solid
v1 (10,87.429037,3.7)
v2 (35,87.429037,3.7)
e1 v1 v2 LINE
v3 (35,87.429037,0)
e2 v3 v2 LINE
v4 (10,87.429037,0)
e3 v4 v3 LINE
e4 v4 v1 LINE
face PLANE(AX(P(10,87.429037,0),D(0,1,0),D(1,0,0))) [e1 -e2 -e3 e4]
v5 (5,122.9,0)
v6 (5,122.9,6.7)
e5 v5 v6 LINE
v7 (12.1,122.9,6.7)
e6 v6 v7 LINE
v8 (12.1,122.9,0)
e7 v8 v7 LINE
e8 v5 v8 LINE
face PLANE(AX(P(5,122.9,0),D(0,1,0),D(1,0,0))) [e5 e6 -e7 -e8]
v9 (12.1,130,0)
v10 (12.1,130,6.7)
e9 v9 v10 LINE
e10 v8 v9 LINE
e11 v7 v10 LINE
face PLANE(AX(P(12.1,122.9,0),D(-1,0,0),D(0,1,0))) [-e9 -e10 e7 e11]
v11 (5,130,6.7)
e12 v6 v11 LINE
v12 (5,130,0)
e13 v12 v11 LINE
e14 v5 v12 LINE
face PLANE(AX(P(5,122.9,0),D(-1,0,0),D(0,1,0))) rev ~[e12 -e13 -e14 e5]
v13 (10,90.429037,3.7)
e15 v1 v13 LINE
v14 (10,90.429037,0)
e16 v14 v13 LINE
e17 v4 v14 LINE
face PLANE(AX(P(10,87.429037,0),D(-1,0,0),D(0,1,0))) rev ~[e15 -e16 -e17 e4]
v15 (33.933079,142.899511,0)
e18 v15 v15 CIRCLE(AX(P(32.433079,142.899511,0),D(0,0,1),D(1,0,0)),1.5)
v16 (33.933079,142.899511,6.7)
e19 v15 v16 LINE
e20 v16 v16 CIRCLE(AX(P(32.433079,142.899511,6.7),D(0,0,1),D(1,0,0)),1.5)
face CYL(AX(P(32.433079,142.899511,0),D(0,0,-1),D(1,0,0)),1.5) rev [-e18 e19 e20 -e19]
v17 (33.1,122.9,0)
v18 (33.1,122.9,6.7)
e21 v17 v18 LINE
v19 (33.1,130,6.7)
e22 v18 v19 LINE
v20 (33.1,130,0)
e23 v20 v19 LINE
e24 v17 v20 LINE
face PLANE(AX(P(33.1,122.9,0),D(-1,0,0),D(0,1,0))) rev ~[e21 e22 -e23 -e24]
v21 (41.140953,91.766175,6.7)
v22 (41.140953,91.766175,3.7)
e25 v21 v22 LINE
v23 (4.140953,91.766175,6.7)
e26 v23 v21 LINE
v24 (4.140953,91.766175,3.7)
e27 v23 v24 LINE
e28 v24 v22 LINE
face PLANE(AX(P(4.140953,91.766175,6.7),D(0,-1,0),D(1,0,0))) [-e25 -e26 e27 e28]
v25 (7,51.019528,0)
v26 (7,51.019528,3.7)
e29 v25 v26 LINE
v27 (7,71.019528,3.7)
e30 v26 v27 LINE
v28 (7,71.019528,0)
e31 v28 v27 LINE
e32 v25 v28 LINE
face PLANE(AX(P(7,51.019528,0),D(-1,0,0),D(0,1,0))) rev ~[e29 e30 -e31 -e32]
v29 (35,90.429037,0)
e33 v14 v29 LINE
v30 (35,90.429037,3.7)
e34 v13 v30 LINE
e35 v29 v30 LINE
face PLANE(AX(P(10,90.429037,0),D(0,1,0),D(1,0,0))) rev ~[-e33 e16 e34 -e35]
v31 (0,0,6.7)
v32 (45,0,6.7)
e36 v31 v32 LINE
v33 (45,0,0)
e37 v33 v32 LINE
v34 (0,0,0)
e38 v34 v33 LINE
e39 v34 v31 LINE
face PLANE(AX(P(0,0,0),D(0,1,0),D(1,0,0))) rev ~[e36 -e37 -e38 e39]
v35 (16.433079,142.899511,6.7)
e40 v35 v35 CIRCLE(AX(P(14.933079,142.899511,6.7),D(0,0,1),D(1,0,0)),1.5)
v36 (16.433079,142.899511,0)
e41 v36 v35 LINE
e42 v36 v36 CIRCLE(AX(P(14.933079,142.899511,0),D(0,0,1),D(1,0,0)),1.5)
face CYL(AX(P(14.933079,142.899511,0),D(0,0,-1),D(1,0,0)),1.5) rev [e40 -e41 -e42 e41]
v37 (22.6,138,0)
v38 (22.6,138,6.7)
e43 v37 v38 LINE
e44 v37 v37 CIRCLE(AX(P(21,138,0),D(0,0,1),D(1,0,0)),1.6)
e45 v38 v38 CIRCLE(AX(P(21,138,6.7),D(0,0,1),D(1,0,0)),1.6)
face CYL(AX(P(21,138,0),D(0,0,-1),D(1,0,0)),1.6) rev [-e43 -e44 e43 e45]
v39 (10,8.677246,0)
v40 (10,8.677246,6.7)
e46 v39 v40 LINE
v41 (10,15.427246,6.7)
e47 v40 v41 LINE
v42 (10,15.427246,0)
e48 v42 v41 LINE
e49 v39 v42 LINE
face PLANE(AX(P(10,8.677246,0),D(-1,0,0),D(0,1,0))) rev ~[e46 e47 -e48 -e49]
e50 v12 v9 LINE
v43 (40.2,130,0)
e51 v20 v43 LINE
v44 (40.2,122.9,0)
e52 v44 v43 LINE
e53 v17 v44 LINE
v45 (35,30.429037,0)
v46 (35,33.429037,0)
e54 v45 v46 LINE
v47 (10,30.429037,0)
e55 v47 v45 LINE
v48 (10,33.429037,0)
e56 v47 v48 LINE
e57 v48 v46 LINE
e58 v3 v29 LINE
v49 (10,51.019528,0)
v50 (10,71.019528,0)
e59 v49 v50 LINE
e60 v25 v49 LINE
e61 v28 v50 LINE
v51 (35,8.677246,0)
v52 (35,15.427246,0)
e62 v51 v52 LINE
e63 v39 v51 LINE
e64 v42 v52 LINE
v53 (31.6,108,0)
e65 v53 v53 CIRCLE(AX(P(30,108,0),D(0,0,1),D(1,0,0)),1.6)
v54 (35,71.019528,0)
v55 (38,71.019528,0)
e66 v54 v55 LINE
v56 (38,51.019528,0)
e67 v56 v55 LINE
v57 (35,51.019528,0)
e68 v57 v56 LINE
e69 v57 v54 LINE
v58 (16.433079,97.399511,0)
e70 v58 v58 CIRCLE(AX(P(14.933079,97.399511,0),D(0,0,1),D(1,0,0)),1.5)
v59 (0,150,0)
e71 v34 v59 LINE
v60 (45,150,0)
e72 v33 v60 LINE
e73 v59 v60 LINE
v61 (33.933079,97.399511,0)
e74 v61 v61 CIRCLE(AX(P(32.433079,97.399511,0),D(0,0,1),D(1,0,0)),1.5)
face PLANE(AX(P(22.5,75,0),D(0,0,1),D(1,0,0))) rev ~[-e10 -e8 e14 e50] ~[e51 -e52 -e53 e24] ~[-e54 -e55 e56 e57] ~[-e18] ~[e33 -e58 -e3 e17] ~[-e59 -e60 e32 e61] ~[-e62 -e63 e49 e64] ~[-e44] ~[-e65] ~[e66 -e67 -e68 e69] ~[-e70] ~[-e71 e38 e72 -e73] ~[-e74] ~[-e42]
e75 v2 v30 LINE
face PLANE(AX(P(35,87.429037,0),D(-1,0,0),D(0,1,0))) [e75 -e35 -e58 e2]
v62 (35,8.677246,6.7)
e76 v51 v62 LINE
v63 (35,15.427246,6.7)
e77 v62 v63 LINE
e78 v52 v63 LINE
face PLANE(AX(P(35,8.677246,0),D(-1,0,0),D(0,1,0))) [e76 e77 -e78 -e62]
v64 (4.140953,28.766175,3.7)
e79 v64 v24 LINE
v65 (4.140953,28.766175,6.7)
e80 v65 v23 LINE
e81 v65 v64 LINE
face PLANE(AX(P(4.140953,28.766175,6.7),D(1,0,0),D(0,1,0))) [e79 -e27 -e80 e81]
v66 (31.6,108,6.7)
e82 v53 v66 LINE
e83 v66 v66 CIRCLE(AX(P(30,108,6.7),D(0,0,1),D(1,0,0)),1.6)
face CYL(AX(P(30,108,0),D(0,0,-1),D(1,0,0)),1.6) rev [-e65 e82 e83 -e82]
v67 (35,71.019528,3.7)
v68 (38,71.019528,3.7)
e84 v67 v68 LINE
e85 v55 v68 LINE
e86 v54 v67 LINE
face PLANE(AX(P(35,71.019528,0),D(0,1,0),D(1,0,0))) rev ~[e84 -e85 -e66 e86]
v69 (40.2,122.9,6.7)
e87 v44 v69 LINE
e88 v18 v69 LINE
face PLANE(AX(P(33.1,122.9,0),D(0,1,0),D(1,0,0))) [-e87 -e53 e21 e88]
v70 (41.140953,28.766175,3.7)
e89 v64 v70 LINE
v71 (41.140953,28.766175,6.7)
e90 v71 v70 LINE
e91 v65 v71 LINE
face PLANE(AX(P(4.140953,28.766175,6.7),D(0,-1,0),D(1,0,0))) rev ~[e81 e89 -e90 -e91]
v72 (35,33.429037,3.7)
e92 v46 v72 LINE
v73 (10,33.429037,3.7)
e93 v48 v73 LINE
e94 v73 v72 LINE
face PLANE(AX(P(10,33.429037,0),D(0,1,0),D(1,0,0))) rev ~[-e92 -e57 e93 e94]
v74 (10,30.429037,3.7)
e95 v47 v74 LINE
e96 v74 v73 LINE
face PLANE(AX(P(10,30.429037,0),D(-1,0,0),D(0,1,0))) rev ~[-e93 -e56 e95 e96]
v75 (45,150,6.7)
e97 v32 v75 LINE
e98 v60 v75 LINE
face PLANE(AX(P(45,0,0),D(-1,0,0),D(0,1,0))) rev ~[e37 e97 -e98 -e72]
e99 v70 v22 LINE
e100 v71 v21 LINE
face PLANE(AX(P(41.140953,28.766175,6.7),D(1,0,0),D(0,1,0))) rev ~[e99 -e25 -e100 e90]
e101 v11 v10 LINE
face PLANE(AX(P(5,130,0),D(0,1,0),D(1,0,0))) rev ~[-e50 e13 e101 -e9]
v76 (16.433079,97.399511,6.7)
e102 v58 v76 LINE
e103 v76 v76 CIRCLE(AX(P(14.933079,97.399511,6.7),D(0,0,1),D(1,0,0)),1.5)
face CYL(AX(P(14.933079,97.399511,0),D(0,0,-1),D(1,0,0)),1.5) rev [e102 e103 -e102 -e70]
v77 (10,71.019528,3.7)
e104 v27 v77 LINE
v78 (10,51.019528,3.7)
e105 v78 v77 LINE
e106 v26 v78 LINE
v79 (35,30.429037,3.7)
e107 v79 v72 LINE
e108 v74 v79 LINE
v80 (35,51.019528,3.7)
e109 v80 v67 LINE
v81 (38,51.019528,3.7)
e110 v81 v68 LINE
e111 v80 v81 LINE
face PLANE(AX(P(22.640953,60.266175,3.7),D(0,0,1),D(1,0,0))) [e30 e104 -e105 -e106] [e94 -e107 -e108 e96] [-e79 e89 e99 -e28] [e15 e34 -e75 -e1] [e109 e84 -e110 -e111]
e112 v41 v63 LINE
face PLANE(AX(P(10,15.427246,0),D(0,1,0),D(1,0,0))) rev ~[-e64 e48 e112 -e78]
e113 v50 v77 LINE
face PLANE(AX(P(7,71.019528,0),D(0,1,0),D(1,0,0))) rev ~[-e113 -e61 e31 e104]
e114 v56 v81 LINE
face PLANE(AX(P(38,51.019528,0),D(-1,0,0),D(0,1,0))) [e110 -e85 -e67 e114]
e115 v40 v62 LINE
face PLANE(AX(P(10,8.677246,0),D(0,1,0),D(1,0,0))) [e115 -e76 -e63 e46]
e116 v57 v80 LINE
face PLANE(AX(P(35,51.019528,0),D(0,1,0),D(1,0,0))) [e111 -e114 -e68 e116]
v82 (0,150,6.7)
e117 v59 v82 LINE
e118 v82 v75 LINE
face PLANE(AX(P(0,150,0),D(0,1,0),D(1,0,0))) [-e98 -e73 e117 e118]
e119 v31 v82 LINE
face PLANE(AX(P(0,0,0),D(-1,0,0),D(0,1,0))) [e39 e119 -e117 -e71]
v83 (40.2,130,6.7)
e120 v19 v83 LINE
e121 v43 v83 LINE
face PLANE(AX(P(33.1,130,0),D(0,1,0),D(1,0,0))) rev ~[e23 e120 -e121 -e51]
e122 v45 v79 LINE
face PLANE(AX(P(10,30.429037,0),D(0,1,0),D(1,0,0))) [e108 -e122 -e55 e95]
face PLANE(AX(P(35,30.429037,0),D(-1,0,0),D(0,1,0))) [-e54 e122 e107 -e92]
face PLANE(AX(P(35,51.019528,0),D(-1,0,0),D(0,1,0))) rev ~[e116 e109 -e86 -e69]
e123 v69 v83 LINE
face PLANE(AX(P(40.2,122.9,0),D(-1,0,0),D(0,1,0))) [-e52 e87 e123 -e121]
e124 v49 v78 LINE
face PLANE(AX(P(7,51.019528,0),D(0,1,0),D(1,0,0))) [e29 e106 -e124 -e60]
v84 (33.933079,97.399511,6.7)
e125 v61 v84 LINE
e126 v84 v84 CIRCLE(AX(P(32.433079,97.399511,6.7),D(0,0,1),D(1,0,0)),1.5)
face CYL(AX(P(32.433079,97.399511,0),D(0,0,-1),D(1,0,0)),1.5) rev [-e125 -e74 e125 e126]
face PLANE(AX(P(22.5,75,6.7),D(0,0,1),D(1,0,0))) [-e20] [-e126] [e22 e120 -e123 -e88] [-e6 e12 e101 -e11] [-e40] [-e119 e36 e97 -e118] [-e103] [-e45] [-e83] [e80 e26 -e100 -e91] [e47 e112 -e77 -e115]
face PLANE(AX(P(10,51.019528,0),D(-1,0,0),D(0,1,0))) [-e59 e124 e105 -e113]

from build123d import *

# Parameters (mm, degrees)
SKETCH_W     = 45
SKETCH_H     = 150
SKETCH_R     = 1.5
SKETCH_R_2   = 1.6
SKETCH_W_2   = 25
SKETCH_H_2   = 6.75
SKETCH_H_3   = 3
SKETCH_W_3   = 3
SKETCH_H_4   = 20
SKETCH_W_4   = 7.1
SKETCH_H_5   = 7.1
PAD_DEPTH    = 6.7
SKETCH001_W  = 37
SKETCH001_H  = 63
POCKET_DEPTH = 3


with BuildPart() as part:
    # Sketch → Pad (new body)
    with BuildSketch(Plane.XY):
        with Locations((22.5, 75)):
            Rectangle(SKETCH_W, SKETCH_H)
        with Locations((14.933079, 142.899511)):
            Circle(SKETCH_R, mode=Mode.SUBTRACT)
        with Locations((14.933079, 97.399511)):
            Circle(SKETCH_R, mode=Mode.SUBTRACT)
        with Locations((32.433079, 97.399511)):
            Circle(SKETCH_R, mode=Mode.SUBTRACT)
        with Locations((32.433079, 142.899511)):
            Circle(SKETCH_R, mode=Mode.SUBTRACT)
        with Locations((21, 138)):
            Circle(SKETCH_R_2, mode=Mode.SUBTRACT)
        with Locations((30, 108)):
            Circle(SKETCH_R_2, mode=Mode.SUBTRACT)
        with Locations((22.5, 12.052246)):
            Rectangle(SKETCH_W_2, SKETCH_H_2, mode=Mode.SUBTRACT)
        with Locations((22.5, 88.929037)):
            Rectangle(SKETCH_W_2, SKETCH_H_3, mode=Mode.SUBTRACT)
        with Locations((22.5, 31.929037)):
            Rectangle(SKETCH_W_2, SKETCH_H_3, mode=Mode.SUBTRACT)
        with Locations((8.5, 61.019528)):
            Rectangle(SKETCH_W_3, SKETCH_H_4, mode=Mode.SUBTRACT)
        with Locations((36.5, 61.019528)):
            Rectangle(SKETCH_W_3, SKETCH_H_4, mode=Mode.SUBTRACT)
        with Locations((8.55, 126.45)):
            Rectangle(SKETCH_W_4, SKETCH_H_5, mode=Mode.SUBTRACT)
        with Locations((36.65, 126.45)):
            Rectangle(SKETCH_W_4, SKETCH_H_5, mode=Mode.SUBTRACT)
    extrude(amount=PAD_DEPTH)

    # Sketch001 (on Face34 of Pad) → Pocket (cut)
    with BuildSketch(Plane.XY.offset(6.7)):
        with Locations((22.640953, 60.266175)):
            Rectangle(SKETCH001_W, SKETCH001_H)
    extrude(amount=-POCKET_DEPTH, mode=Mode.SUBTRACT)


solid = part.part
